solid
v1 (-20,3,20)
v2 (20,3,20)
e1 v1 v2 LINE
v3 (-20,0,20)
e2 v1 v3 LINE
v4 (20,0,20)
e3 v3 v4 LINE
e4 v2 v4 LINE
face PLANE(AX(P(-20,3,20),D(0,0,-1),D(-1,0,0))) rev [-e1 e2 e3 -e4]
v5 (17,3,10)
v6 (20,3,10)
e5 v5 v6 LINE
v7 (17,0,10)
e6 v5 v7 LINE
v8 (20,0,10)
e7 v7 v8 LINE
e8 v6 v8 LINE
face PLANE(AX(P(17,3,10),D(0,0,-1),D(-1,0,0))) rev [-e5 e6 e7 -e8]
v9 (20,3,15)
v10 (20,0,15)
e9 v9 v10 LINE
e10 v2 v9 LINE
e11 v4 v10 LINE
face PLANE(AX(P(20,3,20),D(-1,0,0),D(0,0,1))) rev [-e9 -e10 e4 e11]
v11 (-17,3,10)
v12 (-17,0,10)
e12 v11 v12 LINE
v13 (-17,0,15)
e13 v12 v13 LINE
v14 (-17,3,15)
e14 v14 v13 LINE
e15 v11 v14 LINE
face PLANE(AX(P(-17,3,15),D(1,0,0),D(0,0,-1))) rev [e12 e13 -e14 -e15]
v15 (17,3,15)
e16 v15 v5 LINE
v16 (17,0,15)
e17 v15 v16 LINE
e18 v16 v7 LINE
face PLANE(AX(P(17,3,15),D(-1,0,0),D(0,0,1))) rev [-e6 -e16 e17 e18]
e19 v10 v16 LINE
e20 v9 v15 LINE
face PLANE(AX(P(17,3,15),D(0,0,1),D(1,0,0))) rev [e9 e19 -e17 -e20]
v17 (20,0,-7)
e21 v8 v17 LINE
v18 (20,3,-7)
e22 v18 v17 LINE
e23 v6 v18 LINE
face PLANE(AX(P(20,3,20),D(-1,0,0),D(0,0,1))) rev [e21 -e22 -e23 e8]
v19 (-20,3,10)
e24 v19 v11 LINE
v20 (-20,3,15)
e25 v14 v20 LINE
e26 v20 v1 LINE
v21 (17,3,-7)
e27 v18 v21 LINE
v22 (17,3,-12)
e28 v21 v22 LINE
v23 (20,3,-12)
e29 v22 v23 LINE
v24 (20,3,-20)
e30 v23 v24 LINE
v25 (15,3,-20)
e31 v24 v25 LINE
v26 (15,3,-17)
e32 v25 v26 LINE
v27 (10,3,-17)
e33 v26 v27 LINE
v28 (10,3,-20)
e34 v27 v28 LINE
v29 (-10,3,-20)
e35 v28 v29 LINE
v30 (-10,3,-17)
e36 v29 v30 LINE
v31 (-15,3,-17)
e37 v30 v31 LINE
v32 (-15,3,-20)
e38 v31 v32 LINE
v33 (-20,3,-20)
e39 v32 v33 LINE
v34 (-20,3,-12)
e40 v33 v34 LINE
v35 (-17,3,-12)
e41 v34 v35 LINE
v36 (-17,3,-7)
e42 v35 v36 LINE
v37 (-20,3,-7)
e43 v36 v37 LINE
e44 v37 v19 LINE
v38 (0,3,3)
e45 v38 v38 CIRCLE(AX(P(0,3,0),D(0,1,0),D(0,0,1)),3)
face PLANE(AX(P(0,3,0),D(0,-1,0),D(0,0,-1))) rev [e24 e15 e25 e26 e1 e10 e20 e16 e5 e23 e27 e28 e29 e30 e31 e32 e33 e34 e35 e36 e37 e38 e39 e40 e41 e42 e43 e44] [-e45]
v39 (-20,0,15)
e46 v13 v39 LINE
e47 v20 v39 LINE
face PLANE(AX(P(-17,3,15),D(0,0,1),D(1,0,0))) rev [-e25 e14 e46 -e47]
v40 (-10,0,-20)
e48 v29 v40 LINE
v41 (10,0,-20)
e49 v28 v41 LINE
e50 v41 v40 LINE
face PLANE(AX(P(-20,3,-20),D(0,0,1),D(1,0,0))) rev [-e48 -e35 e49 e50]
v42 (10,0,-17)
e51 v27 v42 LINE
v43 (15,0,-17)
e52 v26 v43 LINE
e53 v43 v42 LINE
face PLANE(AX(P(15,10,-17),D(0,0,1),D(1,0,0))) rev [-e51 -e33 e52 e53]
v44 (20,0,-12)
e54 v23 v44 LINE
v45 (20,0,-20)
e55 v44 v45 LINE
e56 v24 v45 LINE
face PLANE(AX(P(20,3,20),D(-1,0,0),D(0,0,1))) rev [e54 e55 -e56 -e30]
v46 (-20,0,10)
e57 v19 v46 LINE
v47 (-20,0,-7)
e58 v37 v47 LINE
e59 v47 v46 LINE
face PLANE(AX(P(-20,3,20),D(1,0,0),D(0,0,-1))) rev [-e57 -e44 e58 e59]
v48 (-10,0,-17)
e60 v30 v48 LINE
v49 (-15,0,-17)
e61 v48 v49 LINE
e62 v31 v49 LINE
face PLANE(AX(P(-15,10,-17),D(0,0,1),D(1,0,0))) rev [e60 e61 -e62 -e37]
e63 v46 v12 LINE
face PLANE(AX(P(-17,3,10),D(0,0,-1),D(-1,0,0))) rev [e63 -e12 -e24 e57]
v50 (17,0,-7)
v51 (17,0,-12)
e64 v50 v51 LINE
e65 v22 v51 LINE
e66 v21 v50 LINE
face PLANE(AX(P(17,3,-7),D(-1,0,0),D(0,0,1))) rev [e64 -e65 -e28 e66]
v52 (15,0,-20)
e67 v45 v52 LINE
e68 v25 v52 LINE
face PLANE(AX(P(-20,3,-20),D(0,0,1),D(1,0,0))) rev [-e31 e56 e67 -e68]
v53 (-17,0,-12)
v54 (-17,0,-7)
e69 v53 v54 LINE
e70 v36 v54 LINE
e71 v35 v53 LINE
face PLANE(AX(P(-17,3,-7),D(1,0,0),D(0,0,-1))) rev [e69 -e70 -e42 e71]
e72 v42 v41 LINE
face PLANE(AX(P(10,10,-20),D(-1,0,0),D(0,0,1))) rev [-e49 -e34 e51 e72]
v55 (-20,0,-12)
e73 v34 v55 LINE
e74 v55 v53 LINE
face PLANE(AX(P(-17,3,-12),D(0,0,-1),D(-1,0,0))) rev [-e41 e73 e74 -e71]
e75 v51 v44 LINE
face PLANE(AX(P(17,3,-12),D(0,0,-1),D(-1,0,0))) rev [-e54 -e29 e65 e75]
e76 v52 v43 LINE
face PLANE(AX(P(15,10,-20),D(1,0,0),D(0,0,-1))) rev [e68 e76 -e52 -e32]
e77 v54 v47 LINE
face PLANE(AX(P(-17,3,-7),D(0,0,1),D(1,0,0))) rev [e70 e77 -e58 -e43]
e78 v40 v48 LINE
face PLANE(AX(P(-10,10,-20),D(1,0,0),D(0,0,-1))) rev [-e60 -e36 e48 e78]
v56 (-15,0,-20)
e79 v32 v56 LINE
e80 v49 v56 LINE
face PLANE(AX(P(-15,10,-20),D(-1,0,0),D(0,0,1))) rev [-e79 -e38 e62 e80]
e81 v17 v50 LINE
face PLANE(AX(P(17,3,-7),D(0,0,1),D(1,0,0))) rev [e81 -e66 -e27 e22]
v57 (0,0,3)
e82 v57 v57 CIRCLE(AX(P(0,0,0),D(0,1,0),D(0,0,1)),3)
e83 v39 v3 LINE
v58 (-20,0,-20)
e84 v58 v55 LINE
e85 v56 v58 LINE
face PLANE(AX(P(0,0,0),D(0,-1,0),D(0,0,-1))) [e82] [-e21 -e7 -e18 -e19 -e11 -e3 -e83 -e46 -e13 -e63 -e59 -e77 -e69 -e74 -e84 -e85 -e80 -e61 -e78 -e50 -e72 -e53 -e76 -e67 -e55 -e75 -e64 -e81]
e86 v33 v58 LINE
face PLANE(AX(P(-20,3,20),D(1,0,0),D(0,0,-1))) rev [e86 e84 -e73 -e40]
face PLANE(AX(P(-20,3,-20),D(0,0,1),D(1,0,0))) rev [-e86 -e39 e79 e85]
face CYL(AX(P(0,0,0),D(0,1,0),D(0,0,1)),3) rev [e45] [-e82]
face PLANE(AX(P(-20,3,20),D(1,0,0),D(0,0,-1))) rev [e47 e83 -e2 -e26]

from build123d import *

# Parameters (mm, degrees)
SKETCH1_W           = 40
SKETCH1_H           = 40
BOSS_EXTRUDE1_DEPTH = 3
SKETCH2_R           = 3
CUT_EXTRUDE1_DEPTH  = 3
SKETCH3_W           = 5
SKETCH3_H           = 3
CUT_EXTRUDE2_DEPTH  = 10
SKETCH4_W           = 3
SKETCH4_H           = 5
CUT_EXTRUDE3_DEPTH  = 3


with BuildPart() as part:
    # Sketch1 → Boss-Extrude1 (new body)
    with BuildSketch(Plane(origin=(0, 0, 0), x_dir=(1, 0, 0), z_dir=(0, 1, 0))):
        Rectangle(SKETCH1_W, SKETCH1_H)
    extrude(amount=BOSS_EXTRUDE1_DEPTH)

    # Sketch2 → Cut-Extrude1 (cut)
    with BuildSketch(Plane(origin=(0, 3, 0), x_dir=(1, 0, 0), z_dir=(0, 1, 0))):
        with Locations(Location((0, 0, 0), (0, 0, 270))):
            Circle(SKETCH2_R)
    extrude(amount=-CUT_EXTRUDE1_DEPTH, mode=Mode.SUBTRACT)

    # Sketch3 → Cut-Extrude2 (cut)
    with BuildSketch(Plane.XZ):
        with Locations((12.5, -18.5)):
            Rectangle(SKETCH3_W, SKETCH3_H)
        with Locations((-12.5, -18.5)):
            Rectangle(SKETCH3_W, SKETCH3_H)
    extrude(amount=-CUT_EXTRUDE2_DEPTH, mode=Mode.SUBTRACT)

    # Sketch4 → Cut-Extrude3 (cut)
    with BuildSketch(Plane.XZ):
        with Locations((18.5, 12.5)):
            Rectangle(SKETCH4_W, SKETCH4_H)
        with Locations((18.5, -9.5)):
            Rectangle(SKETCH4_W, SKETCH4_H)
        with Locations((-18.5, -9.5)):
            Rectangle(SKETCH4_W, SKETCH4_H)
        with Locations((-18.5, 12.5)):
            Rectangle(SKETCH4_W, SKETCH4_H)
    extrude(amount=-CUT_EXTRUDE3_DEPTH, mode=Mode.SUBTRACT)


solid = part.part
